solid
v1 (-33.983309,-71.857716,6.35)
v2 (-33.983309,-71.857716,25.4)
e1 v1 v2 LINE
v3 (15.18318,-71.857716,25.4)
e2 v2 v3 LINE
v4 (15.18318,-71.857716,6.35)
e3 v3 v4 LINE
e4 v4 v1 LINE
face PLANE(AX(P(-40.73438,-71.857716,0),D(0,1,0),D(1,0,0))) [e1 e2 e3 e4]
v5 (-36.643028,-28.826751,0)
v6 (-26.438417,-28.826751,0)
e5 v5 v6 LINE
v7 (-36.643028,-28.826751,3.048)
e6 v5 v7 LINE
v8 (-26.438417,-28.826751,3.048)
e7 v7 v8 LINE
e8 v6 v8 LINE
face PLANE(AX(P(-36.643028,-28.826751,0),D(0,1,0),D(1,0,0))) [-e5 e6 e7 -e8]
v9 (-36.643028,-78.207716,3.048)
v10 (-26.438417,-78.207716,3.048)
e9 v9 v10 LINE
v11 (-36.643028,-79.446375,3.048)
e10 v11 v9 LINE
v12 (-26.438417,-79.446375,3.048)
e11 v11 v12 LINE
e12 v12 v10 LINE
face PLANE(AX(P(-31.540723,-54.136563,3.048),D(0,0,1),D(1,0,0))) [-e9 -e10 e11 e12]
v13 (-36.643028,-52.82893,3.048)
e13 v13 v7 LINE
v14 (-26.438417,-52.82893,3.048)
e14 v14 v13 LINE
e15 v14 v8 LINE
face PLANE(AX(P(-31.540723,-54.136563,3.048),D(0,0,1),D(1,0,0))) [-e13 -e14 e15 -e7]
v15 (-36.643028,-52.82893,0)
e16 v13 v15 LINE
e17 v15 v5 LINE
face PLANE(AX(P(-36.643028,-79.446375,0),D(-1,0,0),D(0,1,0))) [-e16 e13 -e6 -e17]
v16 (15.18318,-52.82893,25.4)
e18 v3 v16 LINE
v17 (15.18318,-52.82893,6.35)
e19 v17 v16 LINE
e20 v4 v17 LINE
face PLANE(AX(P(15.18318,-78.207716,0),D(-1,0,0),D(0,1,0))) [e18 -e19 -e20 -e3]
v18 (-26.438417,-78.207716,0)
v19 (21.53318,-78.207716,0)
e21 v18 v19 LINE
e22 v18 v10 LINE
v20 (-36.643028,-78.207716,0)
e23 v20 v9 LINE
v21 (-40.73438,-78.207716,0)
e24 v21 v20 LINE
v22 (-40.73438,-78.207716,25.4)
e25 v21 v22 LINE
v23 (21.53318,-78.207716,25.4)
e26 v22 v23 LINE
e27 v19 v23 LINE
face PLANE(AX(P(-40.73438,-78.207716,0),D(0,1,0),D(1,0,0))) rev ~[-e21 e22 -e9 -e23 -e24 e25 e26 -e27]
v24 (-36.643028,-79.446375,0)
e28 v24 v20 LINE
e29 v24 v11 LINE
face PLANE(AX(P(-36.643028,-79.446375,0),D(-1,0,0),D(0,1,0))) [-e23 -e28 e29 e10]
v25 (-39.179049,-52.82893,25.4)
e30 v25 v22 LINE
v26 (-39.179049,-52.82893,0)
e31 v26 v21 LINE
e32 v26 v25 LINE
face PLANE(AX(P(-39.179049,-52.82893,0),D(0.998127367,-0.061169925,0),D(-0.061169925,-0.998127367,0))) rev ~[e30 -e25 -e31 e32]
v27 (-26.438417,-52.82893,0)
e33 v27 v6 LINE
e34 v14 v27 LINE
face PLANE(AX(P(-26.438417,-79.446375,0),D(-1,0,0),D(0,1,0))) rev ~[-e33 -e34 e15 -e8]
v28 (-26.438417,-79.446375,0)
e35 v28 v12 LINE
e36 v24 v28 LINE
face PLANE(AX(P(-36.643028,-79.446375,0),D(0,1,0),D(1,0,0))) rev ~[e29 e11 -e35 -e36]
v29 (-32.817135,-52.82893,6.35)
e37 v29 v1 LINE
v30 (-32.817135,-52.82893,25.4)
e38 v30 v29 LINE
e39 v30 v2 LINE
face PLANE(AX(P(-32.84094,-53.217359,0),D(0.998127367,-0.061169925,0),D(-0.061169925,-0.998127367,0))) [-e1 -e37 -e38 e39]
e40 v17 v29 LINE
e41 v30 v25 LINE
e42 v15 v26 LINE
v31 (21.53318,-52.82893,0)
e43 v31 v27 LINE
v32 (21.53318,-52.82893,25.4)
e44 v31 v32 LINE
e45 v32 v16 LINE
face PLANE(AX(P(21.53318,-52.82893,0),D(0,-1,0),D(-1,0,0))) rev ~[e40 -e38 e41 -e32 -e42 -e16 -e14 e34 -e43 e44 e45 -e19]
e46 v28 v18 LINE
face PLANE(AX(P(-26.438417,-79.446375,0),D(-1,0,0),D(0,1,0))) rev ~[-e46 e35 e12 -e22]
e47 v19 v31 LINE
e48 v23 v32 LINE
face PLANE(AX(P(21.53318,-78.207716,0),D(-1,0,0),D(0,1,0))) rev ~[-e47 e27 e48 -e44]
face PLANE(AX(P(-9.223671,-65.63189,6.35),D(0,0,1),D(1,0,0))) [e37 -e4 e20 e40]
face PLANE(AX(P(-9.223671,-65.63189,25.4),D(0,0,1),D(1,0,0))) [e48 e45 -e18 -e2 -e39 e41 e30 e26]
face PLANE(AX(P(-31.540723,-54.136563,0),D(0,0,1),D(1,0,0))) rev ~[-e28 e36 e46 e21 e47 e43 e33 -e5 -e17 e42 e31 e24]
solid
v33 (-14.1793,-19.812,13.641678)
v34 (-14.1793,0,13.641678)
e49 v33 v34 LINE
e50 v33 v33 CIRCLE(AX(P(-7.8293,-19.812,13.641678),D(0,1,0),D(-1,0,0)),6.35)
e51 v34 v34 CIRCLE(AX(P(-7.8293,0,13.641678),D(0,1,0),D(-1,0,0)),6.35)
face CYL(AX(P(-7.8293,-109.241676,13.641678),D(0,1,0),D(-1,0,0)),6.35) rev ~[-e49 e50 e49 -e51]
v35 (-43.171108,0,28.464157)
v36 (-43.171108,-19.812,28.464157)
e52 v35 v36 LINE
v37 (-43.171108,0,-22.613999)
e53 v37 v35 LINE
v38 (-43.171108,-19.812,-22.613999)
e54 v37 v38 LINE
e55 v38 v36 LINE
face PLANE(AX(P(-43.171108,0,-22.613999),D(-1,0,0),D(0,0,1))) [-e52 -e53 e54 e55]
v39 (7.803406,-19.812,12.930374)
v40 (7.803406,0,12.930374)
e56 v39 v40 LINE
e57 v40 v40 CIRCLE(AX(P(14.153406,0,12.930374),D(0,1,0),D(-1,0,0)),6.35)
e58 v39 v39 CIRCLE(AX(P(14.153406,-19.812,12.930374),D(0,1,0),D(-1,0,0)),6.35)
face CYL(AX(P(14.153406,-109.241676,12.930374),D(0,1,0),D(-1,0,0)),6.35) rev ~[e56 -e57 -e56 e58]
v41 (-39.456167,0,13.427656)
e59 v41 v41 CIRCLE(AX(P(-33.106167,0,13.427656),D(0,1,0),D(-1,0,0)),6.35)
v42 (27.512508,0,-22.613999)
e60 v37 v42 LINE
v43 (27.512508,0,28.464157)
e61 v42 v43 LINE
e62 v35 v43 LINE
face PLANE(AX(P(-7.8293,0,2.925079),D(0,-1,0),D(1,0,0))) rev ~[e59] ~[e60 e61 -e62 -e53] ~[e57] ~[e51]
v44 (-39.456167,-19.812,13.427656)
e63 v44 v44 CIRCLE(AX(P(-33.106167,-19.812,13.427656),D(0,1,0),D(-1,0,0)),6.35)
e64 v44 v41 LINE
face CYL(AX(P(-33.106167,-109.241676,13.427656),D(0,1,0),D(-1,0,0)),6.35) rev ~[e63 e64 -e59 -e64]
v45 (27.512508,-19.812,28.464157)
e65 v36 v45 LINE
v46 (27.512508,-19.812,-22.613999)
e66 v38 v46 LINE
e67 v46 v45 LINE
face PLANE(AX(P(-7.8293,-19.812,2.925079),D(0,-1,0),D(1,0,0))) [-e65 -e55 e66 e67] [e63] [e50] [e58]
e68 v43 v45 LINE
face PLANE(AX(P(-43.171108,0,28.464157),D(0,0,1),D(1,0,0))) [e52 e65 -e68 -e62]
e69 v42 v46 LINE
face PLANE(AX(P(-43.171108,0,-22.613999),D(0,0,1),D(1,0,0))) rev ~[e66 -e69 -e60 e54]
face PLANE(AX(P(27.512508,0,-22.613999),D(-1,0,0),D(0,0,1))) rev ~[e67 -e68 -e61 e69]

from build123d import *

# Parameters (mm, degrees)
F0_W      = 70.683616
F0_H      = 51.078157
F1_DEPTH  = 19.812
F3_D      = 12.7
F5_D      = 12.7
F7_D      = 12.7
F9_DEPTH  = 25.4
F10_T     = -6.35
F11_W     = 10.204611
F11_H     = 50.619624
F12_DEPTH = 3.048


with BuildPart() as f1:
    # F0 (on Front) → F1 (new body)
    with BuildSketch(Plane.XZ):
        with Locations((-7.8293, 2.925079)):
            Rectangle(F0_W, F0_H)
    extrude(amount=F1_DEPTH)

    # F3 (through all)
    with Locations(Plane.XZ.offset(19.812)):
        with Locations((-33.106167, 13.427656)):
            Hole(F3_D / 2)

    # F5 (through all)
    with Locations(Plane.XZ.offset(19.812)):
        with Locations((14.153406, 12.930374)):
            Hole(F5_D / 2)

    # F7 (through all)
    with Locations(Plane.XZ.offset(19.812)):
        with Locations((-7.8293, 13.641678)):
            Hole(F7_D / 2)


with BuildPart() as f9:
    # F8 (on Top) → F9 (new body)
    with BuildSketch(Plane.XY):
        Polygon((-39.179049, -52.82893), (-40.73438, -78.207716), (21.53318, -78.207716), (21.53318, -52.82893), align=None)
    extrude(amount=F9_DEPTH)

    # F10
    f10_openings = [f9.faces().sort_by_distance(p)[0] for p in [
        (-8.822935, -52.82893, 12.7),
        (-9.213407, -65.571818, 25.4),
    ]]
    offset(amount=F10_T, openings=f10_openings)

    # F11 (on Top) → F12 (join)
    with BuildSketch(Plane.XY):
        with Locations((-31.540723, -54.136563)):
            Rectangle(F11_W, F11_H)
    extrude(amount=F12_DEPTH)


solid = Compound([f1.part, f9.part])
